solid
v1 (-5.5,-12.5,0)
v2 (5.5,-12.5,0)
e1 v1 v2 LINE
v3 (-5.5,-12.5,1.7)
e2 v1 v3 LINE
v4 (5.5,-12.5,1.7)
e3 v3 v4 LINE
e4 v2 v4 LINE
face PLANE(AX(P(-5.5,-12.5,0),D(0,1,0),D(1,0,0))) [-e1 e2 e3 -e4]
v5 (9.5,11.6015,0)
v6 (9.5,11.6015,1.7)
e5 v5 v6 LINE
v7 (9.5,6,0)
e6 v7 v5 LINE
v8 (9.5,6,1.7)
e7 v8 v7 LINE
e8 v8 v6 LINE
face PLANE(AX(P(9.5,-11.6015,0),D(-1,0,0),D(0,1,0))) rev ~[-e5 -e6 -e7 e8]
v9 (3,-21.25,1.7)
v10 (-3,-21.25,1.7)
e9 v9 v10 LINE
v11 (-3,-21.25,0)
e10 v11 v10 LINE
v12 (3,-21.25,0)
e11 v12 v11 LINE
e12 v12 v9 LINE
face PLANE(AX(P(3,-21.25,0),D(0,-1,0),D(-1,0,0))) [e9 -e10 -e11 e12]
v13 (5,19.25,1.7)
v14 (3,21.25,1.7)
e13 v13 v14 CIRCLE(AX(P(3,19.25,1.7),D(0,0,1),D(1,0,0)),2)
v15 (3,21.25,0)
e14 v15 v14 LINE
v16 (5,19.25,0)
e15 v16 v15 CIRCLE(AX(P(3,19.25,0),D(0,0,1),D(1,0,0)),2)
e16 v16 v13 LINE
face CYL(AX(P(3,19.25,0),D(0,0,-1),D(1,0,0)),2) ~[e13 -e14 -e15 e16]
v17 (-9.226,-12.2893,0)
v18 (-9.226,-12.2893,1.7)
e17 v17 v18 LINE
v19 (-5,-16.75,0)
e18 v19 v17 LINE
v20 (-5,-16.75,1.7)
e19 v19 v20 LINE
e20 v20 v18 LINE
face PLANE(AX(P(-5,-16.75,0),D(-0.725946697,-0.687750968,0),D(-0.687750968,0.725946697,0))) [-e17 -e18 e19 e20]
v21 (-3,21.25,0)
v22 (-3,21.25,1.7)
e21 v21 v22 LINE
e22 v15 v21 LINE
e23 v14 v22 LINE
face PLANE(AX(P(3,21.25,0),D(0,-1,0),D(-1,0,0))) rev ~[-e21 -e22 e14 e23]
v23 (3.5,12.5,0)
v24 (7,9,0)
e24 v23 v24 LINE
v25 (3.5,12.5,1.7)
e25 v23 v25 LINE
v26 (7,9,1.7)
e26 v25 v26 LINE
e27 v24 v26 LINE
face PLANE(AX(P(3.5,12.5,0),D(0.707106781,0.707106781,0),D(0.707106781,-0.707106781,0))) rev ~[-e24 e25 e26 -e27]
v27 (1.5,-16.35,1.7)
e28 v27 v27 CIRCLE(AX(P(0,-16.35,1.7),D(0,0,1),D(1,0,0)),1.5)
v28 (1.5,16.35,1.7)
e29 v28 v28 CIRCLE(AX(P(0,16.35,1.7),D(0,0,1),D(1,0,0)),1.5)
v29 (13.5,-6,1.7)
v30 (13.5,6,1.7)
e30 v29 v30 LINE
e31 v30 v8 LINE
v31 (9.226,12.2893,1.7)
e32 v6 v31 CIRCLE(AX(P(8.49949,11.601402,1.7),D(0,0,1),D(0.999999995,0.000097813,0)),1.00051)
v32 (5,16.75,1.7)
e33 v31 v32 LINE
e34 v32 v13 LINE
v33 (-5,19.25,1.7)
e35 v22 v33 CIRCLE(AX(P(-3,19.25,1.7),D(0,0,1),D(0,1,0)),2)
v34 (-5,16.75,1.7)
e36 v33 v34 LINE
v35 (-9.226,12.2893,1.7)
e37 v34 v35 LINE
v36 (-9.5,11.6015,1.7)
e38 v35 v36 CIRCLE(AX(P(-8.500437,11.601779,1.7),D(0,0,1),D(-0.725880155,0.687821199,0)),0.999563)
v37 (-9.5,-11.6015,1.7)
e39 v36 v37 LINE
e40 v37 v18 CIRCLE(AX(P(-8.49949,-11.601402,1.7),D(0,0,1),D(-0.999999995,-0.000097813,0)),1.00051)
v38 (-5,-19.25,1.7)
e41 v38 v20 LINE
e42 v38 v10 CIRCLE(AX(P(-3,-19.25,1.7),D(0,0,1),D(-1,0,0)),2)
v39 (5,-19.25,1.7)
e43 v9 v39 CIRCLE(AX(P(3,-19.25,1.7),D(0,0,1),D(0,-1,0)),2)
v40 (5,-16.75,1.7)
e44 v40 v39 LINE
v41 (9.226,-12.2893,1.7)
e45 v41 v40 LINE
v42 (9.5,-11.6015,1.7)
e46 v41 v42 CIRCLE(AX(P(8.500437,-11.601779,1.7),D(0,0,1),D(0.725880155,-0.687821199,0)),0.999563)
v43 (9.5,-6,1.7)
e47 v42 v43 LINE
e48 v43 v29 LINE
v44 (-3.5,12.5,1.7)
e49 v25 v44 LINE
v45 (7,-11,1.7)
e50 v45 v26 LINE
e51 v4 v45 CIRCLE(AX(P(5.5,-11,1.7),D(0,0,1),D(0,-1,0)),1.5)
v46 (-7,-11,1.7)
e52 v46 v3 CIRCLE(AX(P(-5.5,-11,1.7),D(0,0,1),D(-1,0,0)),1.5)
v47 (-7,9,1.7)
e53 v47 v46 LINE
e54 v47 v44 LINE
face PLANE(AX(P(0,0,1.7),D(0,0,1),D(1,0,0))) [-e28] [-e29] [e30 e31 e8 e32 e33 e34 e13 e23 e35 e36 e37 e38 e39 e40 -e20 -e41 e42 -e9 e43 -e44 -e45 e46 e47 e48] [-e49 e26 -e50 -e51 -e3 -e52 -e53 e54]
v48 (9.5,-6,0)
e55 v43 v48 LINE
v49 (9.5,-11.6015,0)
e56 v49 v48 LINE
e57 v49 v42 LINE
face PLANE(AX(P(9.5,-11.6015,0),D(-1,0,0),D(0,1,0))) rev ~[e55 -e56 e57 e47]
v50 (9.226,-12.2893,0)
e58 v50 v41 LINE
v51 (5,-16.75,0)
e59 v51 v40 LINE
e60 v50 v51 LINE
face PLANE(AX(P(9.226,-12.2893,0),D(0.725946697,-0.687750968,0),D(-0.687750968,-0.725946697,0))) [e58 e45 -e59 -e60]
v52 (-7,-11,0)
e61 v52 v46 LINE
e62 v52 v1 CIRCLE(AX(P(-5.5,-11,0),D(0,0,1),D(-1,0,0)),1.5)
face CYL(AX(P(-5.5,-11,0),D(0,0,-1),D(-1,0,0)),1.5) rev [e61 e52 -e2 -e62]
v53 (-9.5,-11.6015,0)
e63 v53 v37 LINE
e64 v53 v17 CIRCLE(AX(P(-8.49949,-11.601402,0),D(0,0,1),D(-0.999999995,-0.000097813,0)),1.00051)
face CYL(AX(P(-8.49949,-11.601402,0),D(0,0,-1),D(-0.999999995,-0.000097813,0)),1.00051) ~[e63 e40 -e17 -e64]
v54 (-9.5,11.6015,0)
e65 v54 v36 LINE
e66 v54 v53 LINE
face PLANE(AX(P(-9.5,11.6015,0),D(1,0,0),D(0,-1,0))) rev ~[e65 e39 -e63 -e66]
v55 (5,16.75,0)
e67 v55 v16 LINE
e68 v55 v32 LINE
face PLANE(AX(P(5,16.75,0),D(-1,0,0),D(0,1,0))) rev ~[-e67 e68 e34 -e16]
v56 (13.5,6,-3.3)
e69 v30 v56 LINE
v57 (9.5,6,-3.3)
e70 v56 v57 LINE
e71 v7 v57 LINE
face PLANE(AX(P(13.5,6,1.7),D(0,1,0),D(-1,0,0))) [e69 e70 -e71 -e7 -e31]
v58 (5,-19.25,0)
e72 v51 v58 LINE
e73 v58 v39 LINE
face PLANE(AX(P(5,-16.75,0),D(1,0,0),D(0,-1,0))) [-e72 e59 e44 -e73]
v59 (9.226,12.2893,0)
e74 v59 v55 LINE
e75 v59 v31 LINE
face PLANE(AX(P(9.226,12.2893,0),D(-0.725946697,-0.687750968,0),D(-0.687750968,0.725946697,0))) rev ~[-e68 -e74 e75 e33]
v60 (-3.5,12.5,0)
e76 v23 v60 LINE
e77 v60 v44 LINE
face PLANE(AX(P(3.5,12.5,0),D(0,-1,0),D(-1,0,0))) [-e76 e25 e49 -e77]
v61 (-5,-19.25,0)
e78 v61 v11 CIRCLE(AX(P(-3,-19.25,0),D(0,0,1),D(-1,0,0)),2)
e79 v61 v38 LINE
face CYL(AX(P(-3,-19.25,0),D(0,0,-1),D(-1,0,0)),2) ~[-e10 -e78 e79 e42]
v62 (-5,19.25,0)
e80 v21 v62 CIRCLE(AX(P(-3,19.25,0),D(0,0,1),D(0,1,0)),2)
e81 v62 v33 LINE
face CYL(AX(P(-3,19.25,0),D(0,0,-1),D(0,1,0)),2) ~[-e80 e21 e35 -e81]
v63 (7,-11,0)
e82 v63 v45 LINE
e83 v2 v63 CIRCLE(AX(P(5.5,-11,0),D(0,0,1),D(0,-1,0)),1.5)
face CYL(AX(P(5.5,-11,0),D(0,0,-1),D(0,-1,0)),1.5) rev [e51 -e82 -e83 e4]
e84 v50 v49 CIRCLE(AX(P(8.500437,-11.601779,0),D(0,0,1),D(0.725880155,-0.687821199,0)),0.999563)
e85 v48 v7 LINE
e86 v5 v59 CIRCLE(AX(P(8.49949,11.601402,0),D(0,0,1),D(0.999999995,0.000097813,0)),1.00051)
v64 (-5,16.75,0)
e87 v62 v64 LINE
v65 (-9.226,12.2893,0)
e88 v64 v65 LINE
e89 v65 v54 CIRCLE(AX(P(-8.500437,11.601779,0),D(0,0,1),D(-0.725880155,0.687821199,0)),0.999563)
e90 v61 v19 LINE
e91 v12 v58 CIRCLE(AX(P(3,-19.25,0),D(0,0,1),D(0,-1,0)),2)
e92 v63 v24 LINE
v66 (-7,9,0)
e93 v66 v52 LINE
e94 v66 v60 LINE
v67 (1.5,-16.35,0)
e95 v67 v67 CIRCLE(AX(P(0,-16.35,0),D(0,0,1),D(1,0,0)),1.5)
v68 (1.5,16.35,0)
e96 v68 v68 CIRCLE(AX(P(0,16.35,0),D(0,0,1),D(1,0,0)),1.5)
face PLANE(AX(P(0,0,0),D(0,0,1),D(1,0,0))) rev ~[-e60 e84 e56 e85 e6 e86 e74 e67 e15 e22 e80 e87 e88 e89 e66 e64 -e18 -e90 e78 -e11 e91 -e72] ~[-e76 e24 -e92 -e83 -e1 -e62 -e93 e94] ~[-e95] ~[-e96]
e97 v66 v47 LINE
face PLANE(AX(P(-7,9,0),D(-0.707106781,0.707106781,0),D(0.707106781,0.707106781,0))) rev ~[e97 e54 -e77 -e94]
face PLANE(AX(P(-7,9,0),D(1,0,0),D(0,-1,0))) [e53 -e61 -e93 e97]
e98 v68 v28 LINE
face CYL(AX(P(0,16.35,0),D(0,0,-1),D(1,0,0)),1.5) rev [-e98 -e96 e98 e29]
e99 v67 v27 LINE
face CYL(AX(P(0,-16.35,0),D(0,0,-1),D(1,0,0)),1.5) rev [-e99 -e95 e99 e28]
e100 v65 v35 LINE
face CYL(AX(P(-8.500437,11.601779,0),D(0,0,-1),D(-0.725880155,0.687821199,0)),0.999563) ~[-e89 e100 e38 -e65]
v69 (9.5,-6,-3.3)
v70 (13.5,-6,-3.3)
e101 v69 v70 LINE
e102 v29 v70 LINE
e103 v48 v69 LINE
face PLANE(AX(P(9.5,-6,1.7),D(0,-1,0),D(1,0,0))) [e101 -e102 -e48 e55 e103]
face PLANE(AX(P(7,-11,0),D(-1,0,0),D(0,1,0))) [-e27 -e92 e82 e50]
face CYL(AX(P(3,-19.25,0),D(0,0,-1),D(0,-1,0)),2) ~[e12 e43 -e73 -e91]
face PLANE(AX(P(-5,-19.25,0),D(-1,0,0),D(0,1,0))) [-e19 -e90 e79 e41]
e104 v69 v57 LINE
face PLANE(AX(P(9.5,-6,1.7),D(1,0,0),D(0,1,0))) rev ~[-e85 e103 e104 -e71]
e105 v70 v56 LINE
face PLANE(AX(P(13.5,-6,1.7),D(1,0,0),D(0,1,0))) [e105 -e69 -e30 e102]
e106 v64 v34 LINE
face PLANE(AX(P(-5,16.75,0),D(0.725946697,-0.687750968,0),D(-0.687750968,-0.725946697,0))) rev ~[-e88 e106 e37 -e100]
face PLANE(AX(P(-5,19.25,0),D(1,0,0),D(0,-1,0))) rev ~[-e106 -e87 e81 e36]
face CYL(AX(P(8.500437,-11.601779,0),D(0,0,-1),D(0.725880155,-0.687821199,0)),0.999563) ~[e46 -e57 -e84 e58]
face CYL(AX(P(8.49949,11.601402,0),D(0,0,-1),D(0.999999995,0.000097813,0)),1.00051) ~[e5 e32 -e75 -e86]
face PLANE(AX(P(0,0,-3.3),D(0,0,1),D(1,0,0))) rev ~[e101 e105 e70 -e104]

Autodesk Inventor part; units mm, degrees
ref_plane "YZ Plane" through (0, 0, 0) normal (1, 0, 0) x (0, 1, 0)
ref_plane "XZ Plane" through (0, 0, 0) normal (0, 1, 0) x (-1, 0, 0)
ref_plane "Work Plane1" through (0, 0, 0) normal (0, 0, 1) x (1, 0, 0)
sketch "Sketch1" plane through (0, 0, 0) normal (0, 0, 1) x (1, 0, 0)
  line L0 (9.226, 12.2893) -> (5, 16.75) projected
  line L1 (5, 16.75) -> (5, 19.25) projected
  arc A0 (5, 19.25) -> (3, 21.25) centre (3, 19.25) ccw projected
  line L2 (3, 21.25) -> (-3, 21.25) projected
  arc A1 (-3, 21.25) -> (-5, 19.25) centre (-3, 19.25) ccw projected
  line L3 (-5, 19.25) -> (-5, 16.75) projected
  line L4 (-5, 16.75) -> (-9.226, 12.2893) projected
  arc A2 (-9.226, 12.2893) -> (-9.5, 11.6015) centre (-8.5, 11.6015) ccw projected
  line L5 (-9.5, 11.6015) -> (-9.5, -11.6015) projected
  arc A3 (-9.5, -11.6015) -> (-9.226, -12.2893) centre (-8.5, -11.6015) ccw projected
  line L6 (-5, -16.75) -> (-9.226, -12.2893) projected
  line L7 (-5, -19.25) -> (-5, -16.75) projected
  arc A4 (-5, -19.25) -> (-3, -21.25) centre (-3, -19.25) ccw projected
  line L8 (3, -21.25) -> (-3, -21.25) projected
  arc A5 (3, -21.25) -> (5, -19.25) centre (3, -19.25) ccw projected
  line L9 (5, -16.75) -> (5, -19.25) projected
  line L10 (9.226, -12.2893) -> (5, -16.75) projected
  arc A6 (9.226, -12.2893) -> (9.5, -11.6015) centre (8.5, -11.6015) ccw projected
  line L11 (9.5, -11.6015) -> (9.5, 11.6015) projected
  arc A7 (9.5, 11.6015) -> (9.226, 12.2893) centre (8.5, 11.6015) ccw projected
  circle A8 centre (0, -16.35) radius 1.5 projected
  circle A9 centre (0, 16.35) radius 1.5 projected
  line L12 (-7, 9) -> (-7, -11) projected
  line L13 (-7, 9) -> (-3.5, 12.5) projected
  line L14 (3.5, 12.5) -> (-3.5, 12.5) projected
  line L15 (3.5, 12.5) -> (7, 9) projected
  line L16 (7, -11) -> (7, 9) projected
  arc A10 (5.5, -12.5) -> (7, -11) centre (5.5, -11) ccw projected
  line L17 (-5.5, -12.5) -> (5.5, -12.5) projected
  arc A11 (-7, -11) -> (-5.5, -12.5) centre (-5.5, -11) ccw projected
  point P0 (0, 0)
extrude "Extrusion1" add sketch "Sketch1" along normal blind 1.7
sketch "Sketch2" plane through (0, 0, 1.7) normal (0, 0, 1) x (1, 0, 0)
  line L0 (9.5, -11.6015) -> (9.5, 11.6015) projected
  arc A0 (9.5, 11.6015) -> (9.226, 12.2893) centre (8.5, 11.6015) ccw projected
  line L1 (9.226, 12.2893) -> (5, 16.75) projected
  line L2 (5, 16.75) -> (5, 19.25) projected
  arc A1 (5, 19.25) -> (3, 21.25) centre (3, 19.25) ccw projected
  line L3 (3, 21.25) -> (-3, 21.25) projected
  arc A2 (-3, 21.25) -> (-5, 19.25) centre (-3, 19.25) ccw projected
  line L4 (-5, 19.25) -> (-5, 16.75) projected
  line L5 (-5, 16.75) -> (-9.226, 12.2893) projected
  arc A3 (-9.226, 12.2893) -> (-9.5, 11.6015) centre (-8.5, 11.6015) ccw projected
  line L6 (-9.5, 11.6015) -> (-9.5, -11.6015) projected
  arc A4 (-9.5, -11.6015) -> (-9.226, -12.2893) centre (-8.5, -11.6015) ccw projected
  line L7 (-9.226, -12.2893) -> (-5, -16.75) projected
  line L8 (-5, -16.75) -> (-5, -19.25) projected
  arc A5 (-5, -19.25) -> (-3, -21.25) centre (-3, -19.25) ccw projected
  line L9 (-3, -21.25) -> (3, -21.25) projected
  arc A6 (3, -21.25) -> (5, -19.25) centre (3, -19.25) ccw projected
  line L10 (5, -19.25) -> (5, -16.75) projected
  line L11 (5, -16.75) -> (9.226, -12.2893) projected
  arc A7 (9.226, -12.2893) -> (9.5, -11.6015) centre (8.5, -11.6015) ccw projected
  circle A8 centre (0, -16.35) radius 1.5 projected
  circle A9 centre (0, 16.35) radius 1.5 projected
  line L12 (3.5, 12.5) -> (7, 9) projected
  line L13 (7, 9) -> (7, -11) projected
  arc A10 (5.5, -12.5) -> (7, -11) centre (5.5, -11) ccw projected
  line L14 (5.5, -12.5) -> (-5.5, -12.5) projected
  arc A11 (-7, -11) -> (-5.5, -12.5) centre (-5.5, -11) ccw projected
  line L15 (-7, -11) -> (-7, 9) projected
  line L16 (-7, 9) -> (-3.5, 12.5) projected
  line L17 (-3.5, 12.5) -> (3.5, 12.5) projected
  line L18 (5.5, -6) -> (13.5, -6)
  line L19 (13.5, -6) -> (13.5, 6)
  line L20 (13.5, 6) -> (5.5, 6)
  line L21 (5.5, 6) -> (5.5, -6)
  line L22 (5.5, -6) -> (13.5, 6) construction
  line L23 (13.5, -6) -> (5.5, 6) construction
  point P0 (0, 0)
  point P1 (9.5, 0)
  point P2 (9.5, 6)
  point P3 (9.5, -6)
  dimension "d2" = 12
  dimension "d3" = 4
ref_plane "Work Plane2" through (-9.5, -21.25, -3.3) normal (0, 0, -1) x (0, 1, 0)
extrude "Extrusion2" add sketch "Sketch2" against normal up to surface (5 mm away) contours L0 L20 L19 L18
properties part number "4"
